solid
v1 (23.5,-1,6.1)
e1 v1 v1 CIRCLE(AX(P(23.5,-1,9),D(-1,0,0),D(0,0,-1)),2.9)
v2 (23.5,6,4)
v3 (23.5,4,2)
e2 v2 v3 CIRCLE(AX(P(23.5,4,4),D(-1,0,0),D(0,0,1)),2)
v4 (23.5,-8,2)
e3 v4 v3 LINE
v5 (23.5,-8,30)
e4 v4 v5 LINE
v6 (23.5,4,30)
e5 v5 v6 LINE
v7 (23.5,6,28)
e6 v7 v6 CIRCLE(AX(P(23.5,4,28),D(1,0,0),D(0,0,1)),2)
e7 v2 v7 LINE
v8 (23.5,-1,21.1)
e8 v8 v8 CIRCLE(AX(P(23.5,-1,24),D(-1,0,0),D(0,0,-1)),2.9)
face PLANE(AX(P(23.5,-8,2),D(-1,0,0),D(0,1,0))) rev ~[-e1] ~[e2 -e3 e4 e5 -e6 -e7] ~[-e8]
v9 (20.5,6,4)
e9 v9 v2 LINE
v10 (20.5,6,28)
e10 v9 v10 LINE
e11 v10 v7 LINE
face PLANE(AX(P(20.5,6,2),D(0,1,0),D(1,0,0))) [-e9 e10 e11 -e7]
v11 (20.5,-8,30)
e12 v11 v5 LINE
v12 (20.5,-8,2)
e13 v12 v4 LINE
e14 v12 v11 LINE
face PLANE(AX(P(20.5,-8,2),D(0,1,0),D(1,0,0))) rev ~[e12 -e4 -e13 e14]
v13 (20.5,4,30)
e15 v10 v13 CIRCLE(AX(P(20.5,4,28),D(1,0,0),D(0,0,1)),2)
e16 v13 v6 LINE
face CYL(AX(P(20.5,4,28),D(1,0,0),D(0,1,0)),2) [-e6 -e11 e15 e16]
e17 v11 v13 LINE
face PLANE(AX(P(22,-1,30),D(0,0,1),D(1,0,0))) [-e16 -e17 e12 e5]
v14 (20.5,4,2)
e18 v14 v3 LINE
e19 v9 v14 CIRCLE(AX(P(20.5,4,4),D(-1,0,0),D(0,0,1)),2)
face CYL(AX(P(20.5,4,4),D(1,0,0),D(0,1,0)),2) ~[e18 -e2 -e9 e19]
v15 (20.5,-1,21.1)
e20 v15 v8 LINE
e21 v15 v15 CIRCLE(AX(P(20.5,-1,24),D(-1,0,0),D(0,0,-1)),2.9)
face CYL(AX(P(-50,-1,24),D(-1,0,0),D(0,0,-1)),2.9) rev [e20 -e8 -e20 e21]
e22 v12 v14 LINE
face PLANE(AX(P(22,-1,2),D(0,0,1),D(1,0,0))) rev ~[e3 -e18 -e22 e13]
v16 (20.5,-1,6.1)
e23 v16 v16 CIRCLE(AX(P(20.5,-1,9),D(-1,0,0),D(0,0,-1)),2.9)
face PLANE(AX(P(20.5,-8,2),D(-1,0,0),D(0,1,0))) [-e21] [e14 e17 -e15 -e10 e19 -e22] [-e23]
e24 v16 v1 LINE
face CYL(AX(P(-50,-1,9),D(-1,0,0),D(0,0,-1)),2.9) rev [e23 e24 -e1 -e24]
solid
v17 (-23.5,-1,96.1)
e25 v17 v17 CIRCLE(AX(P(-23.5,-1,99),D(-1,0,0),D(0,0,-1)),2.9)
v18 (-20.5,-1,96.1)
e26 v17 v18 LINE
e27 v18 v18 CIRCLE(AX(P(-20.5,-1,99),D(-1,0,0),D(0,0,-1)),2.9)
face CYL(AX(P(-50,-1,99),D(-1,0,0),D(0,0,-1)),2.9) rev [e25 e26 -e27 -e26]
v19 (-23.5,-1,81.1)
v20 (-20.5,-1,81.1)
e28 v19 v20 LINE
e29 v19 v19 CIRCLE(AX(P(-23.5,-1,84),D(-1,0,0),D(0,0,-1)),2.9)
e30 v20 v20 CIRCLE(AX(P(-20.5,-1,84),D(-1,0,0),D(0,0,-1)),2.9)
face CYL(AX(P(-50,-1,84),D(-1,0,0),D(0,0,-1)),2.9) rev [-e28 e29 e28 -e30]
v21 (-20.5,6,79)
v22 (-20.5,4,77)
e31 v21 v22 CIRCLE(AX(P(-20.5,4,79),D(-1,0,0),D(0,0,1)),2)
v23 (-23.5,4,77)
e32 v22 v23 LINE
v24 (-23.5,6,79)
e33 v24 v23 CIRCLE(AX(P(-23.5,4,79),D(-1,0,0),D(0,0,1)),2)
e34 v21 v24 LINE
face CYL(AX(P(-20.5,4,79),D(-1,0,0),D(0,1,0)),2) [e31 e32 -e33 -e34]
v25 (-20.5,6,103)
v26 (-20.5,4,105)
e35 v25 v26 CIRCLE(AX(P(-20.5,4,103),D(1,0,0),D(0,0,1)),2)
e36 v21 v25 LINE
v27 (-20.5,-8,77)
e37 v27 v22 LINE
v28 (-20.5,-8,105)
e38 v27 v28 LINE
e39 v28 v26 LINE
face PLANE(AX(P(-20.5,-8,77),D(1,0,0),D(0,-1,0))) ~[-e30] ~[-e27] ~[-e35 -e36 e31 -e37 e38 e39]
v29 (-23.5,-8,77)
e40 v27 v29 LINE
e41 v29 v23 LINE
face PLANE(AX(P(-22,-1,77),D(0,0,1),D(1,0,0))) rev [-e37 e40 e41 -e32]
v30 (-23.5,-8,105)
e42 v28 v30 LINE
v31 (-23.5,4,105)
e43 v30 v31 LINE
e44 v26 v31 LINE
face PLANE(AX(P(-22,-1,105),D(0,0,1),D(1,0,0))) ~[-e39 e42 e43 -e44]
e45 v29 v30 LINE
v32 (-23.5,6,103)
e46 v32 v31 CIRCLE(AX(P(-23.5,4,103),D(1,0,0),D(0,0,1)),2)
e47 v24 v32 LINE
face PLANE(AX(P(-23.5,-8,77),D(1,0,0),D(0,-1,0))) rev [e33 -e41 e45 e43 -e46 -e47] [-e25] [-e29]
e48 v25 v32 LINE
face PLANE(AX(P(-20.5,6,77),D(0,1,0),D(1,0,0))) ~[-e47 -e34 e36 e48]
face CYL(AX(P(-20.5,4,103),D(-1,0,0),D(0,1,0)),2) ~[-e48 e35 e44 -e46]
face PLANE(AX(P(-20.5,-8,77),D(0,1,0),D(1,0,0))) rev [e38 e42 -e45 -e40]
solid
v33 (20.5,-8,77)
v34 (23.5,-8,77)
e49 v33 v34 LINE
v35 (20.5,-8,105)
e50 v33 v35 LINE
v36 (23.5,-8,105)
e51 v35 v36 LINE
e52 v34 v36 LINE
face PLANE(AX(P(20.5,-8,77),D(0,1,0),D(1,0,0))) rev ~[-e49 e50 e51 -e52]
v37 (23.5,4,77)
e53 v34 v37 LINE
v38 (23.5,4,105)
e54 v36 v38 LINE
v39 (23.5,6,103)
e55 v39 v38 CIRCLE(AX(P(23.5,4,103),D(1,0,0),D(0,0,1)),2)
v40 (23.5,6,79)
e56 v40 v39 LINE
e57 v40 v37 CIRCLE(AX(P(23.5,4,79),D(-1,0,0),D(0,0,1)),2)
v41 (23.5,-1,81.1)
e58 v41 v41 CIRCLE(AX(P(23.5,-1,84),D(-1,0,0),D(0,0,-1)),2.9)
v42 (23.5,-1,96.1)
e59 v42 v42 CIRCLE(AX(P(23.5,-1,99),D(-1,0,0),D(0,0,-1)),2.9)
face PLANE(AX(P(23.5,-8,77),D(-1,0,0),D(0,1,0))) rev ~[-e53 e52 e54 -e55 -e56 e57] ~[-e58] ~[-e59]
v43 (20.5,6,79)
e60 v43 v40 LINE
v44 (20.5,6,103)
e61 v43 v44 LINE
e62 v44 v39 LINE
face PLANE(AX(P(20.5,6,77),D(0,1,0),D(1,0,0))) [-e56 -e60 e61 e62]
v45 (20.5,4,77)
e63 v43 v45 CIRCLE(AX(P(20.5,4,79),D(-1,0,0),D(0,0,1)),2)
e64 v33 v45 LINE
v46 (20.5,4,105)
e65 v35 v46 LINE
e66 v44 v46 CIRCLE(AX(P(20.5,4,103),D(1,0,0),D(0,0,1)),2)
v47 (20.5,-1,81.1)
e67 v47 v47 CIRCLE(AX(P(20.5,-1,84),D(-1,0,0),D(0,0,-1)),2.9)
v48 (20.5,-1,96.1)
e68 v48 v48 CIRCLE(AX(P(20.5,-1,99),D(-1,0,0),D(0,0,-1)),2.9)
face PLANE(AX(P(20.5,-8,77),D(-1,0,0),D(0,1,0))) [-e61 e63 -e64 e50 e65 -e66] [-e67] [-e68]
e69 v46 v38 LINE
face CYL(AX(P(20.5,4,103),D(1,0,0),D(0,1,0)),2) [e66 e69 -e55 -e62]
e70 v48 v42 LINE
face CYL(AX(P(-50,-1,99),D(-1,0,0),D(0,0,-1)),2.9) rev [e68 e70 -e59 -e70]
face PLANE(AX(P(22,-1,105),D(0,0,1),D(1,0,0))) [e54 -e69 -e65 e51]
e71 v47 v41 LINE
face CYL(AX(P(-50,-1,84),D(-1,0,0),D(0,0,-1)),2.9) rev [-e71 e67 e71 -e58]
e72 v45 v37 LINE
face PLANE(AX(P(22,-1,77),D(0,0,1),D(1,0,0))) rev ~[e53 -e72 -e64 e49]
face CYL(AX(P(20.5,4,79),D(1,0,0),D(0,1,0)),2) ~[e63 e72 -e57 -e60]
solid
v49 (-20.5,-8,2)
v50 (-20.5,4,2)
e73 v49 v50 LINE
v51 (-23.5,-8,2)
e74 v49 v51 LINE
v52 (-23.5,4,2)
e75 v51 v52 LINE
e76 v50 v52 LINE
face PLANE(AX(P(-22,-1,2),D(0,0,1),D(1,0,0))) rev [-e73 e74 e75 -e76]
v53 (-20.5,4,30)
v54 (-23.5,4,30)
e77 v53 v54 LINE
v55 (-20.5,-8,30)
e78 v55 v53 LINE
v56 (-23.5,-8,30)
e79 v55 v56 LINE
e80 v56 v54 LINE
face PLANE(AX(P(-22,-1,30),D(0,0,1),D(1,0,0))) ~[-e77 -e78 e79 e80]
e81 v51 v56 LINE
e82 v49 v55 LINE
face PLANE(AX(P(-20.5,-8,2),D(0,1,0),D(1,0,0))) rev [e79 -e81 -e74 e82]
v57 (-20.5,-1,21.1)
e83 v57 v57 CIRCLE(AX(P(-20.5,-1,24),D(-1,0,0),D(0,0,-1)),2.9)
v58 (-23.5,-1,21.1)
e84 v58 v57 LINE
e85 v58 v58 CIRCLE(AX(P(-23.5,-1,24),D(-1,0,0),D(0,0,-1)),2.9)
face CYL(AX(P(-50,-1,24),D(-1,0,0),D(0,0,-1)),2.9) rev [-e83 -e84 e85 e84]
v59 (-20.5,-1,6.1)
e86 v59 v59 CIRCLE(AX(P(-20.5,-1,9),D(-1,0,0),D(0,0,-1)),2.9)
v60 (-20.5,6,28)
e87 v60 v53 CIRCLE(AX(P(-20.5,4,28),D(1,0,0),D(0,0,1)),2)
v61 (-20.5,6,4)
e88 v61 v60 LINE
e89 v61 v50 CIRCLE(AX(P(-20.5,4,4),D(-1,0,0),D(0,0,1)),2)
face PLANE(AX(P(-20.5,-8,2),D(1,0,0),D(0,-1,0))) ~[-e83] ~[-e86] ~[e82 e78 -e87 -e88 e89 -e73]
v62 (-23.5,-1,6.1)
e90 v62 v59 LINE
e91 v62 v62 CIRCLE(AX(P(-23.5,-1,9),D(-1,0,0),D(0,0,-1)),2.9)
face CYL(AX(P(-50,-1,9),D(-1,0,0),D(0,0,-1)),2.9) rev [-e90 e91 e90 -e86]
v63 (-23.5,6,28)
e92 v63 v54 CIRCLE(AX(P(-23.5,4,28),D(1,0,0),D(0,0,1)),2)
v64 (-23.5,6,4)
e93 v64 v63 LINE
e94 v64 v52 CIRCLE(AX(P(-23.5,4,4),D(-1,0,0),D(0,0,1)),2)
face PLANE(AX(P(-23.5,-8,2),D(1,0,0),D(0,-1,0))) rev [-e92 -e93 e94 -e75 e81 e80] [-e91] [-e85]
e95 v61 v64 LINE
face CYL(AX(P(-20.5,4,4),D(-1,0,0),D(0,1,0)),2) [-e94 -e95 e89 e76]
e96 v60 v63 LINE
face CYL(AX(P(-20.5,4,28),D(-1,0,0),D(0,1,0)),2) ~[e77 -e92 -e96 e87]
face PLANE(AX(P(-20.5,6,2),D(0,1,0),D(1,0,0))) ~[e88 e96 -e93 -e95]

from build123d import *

# Parameters (mm, degrees)
CYLINDER001_R     = 2.9
CYLINDER001_DEPTH = 100
ARRAY002_Z_COUNT  = 10
ARRAY002_Z_PITCH  = 15
BOX004_W          = 3
BOX004_H          = 14
BOX004_DEPTH      = 28
FILLET002_R       = 2
ARRAY001_Z_COUNT  = 2
ARRAY001_Z_PITCH  = 75


with BuildPart() as side_hole_array:
    # Cylinder001 → Cylinder001 (new body)
    with BuildSketch(Plane(origin=(-50, 0, 0), x_dir=(0, 0, -1), z_dir=(1, 0, 0))):
        Circle(CYLINDER001_R)
    extrude(amount=CYLINDER001_DEPTH)

    # Array002 Z: side hole array ×10


with BuildPart() as side_hole_array_1:
    add(side_hole_array.part)
    with Locations(*[(0, 0, i * ARRAY002_Z_PITCH) for i in range(1, ARRAY002_Z_COUNT)]):
        add(side_hole_array.part)


with BuildPart() as side_hole_array_2:
    # Array002 placement: moved
    add(side_hole_array_1.part.moved(Location((0, -1, 9))))


with BuildPart() as holder_side_fillet:
    # Box004 → Box004 (new body)
    with BuildSketch(Plane(origin=(20.5, -8, 0), x_dir=(1, 0, 0), z_dir=(0, 0, 1))):
        with Locations((1.5, 7)):
            Rectangle(BOX004_W, BOX004_H)
    extrude(amount=BOX004_DEPTH)

    # Fillet002
    fillet002_edges = [holder_side_fillet.edges().sort_by_distance(p)[0] for p in [
        (22, 6, 0),
        (22, 6, 28),
    ]]
    fillet(fillet002_edges, radius=FILLET002_R)


with BuildPart() as sides_with_holes:
    # Part__Mirroring002: instance of holder side fillet
    add(holder_side_fillet.part.mirror(Plane(origin=(0, 0, 0), x_dir=(0, -1, 0), z_dir=(1, 0, 0))))

    # Fusion001: union holder side fillet
    add(holder_side_fillet.part)

    # Array001 Z: sides with holes ×2


with BuildPart() as sides_with_holes_1:
    add(sides_with_holes.part)
    with Locations(*[(0, 0, i * ARRAY001_Z_PITCH) for i in range(1, ARRAY001_Z_COUNT)]):
        add(sides_with_holes.part)


with BuildPart() as sides_with_holes_2:
    # Array001 placement: moved
    add(sides_with_holes_1.part.moved(Location((0, 0, 2))))

    # Cut001: cut side hole array
    add(side_hole_array_2.part, mode=Mode.SUBTRACT)


solid = sides_with_holes_2.part
